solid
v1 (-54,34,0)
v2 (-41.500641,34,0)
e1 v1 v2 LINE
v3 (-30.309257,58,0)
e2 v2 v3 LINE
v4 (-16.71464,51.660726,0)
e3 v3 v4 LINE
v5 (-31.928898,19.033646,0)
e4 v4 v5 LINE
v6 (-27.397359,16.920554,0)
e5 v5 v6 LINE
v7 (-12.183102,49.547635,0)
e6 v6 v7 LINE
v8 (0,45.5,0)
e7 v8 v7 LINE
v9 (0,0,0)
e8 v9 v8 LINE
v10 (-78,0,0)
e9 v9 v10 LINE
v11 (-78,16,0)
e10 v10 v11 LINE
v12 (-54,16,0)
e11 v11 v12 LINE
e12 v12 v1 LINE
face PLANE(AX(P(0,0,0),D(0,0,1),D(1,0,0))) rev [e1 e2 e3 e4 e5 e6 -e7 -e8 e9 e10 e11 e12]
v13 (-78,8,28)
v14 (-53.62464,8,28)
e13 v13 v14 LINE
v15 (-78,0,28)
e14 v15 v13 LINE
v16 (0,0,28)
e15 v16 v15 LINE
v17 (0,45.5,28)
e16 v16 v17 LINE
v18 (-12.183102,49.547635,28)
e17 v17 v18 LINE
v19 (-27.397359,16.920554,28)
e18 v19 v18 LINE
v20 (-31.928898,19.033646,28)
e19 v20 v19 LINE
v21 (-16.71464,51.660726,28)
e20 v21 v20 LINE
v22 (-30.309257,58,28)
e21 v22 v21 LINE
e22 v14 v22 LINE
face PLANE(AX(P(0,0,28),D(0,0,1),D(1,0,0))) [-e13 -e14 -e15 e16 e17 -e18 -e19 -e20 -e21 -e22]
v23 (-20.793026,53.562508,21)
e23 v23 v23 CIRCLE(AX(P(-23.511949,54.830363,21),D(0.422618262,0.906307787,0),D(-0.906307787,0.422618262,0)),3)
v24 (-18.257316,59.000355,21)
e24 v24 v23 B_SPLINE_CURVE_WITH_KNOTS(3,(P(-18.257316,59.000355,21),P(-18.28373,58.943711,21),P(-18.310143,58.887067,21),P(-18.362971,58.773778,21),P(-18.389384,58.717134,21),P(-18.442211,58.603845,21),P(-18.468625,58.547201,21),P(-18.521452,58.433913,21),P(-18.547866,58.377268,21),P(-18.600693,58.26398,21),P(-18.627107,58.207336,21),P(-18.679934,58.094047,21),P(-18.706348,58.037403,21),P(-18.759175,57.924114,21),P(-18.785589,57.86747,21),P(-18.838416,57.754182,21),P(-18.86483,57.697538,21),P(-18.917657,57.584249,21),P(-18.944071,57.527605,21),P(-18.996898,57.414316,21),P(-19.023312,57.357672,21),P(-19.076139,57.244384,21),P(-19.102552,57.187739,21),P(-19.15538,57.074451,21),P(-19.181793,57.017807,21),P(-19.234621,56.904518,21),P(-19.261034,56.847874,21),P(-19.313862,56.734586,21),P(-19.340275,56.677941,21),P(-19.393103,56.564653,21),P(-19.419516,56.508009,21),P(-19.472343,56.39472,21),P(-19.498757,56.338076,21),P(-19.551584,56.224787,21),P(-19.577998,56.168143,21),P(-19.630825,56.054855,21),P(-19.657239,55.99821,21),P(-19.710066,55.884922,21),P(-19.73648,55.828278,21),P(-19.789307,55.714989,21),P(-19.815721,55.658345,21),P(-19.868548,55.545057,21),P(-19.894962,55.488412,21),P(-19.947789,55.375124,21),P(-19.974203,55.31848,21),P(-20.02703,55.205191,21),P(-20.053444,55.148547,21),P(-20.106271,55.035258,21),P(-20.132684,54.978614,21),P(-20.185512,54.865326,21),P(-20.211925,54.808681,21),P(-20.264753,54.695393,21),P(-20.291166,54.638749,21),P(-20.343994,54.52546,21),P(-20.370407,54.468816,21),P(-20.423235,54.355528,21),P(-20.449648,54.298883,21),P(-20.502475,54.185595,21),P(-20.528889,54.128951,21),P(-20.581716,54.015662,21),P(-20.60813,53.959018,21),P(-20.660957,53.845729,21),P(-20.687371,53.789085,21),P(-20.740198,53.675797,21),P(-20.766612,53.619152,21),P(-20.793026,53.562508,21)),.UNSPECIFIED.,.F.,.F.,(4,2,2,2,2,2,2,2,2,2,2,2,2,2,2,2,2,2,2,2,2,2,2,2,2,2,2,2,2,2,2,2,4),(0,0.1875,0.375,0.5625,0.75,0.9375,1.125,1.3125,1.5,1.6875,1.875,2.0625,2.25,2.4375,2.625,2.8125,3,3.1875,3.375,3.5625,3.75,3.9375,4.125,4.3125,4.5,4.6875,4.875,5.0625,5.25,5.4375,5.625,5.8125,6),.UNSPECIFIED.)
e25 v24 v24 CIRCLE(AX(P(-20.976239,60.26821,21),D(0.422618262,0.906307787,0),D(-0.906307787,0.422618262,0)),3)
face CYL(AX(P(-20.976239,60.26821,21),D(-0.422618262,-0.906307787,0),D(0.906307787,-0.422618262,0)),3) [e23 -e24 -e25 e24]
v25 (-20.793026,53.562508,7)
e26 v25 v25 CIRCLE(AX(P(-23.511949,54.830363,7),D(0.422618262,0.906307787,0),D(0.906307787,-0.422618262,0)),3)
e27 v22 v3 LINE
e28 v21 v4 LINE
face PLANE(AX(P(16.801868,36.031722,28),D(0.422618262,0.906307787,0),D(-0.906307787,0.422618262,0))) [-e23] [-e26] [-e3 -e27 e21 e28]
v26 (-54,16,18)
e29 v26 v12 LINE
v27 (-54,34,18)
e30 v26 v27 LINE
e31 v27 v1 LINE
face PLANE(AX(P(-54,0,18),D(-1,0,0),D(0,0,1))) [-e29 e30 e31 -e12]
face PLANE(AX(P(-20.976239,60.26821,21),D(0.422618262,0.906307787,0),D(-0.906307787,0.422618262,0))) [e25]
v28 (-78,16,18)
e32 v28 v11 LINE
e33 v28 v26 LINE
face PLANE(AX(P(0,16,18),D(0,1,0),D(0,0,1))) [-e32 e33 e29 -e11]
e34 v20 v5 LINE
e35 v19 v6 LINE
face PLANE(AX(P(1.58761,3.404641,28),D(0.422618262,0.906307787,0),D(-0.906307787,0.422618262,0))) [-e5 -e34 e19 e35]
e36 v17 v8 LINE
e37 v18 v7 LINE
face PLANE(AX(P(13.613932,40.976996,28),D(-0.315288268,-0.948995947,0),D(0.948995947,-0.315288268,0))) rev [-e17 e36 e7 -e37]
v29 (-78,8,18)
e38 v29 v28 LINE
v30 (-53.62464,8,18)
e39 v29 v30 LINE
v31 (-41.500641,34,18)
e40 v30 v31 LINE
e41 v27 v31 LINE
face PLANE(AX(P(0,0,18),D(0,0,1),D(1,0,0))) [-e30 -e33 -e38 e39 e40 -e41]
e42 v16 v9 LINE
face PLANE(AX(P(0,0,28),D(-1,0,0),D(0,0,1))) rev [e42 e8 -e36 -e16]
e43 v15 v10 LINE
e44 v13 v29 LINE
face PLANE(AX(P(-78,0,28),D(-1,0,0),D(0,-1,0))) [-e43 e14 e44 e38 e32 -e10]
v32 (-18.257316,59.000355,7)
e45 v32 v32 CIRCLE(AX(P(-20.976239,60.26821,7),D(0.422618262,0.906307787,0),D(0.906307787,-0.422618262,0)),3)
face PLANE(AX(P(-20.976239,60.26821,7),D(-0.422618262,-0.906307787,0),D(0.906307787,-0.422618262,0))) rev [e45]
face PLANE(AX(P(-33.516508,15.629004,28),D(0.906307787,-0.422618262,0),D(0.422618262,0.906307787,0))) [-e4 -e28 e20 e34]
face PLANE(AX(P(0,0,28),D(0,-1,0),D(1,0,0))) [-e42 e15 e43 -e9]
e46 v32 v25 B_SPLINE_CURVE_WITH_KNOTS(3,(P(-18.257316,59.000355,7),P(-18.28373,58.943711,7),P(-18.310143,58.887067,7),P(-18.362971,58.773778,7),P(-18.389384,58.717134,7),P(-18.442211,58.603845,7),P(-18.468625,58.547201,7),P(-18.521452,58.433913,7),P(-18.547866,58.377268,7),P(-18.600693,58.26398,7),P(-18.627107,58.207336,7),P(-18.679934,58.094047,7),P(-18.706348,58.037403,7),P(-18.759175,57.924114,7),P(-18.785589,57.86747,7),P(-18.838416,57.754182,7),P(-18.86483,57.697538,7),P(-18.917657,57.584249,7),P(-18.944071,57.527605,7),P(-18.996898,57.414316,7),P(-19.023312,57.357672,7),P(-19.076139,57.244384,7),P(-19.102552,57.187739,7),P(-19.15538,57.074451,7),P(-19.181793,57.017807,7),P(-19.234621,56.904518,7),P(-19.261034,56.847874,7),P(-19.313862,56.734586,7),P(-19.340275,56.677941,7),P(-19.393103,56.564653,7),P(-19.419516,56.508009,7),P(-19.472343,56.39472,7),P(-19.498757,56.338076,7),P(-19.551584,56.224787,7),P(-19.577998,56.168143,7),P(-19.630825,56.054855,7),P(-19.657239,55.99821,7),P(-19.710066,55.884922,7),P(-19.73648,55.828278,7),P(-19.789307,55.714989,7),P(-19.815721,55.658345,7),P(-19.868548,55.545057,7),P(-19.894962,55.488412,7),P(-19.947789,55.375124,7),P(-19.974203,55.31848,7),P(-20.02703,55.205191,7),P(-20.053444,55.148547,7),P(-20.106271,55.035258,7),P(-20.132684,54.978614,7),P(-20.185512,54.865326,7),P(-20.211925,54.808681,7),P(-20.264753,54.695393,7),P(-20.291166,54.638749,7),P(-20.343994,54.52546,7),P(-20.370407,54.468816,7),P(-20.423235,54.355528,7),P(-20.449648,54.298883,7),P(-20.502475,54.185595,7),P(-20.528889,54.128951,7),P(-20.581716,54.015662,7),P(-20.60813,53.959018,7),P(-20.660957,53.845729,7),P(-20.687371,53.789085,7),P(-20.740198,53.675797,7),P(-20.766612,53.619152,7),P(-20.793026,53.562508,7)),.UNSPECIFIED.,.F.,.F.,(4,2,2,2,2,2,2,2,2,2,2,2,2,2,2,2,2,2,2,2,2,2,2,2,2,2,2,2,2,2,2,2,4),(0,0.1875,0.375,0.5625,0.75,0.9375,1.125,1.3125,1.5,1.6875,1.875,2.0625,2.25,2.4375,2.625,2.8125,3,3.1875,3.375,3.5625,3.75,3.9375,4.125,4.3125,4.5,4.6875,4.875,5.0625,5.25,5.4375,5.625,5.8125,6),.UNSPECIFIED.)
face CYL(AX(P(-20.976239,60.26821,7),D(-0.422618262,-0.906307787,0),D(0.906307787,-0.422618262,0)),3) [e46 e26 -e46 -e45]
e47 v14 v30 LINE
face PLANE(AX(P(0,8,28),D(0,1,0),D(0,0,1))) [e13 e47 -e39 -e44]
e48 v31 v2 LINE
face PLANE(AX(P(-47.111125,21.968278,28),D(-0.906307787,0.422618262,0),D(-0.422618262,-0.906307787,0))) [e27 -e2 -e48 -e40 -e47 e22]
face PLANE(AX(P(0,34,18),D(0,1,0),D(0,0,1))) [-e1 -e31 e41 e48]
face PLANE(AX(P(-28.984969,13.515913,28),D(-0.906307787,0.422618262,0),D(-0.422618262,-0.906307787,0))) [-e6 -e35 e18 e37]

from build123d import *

# Parameters (mm, degrees)
BOSS_EXTRUDE1_DEPTH = 28
BOSS_EXTRUDE2_DEPTH = 18
SKETCH4_R           = 3
BOSS_EXTRUDE3_DEPTH = 6


with BuildPart() as part:
    # Sketch1 → Boss-Extrude1 (new body)
    with BuildSketch(Plane.XY):
        Polygon((-78, 0), (0, 0), (0, 45.5), (-12.183101538, 49.547634765), (-27.397358961, 16.920554432), (-31.928897896, 19.033645741), (-16.714640473, 51.660726074), (-30.309257279, 58), (-41.500641075, 34), (-53.624640187, 8), (-78, 8), align=None)
    extrude(amount=BOSS_EXTRUDE1_DEPTH)

    # Sketch1<4> → Boss-Extrude2 (add)
    with BuildSketch(Plane.XY):
        Polygon((-78, 16), (-78, 8), (-53.624640187, 8), (-41.500641075, 34), (-54, 34), (-54, 16), align=None)
    extrude(amount=BOSS_EXTRUDE2_DEPTH)

    # Sketch4 → Boss-Extrude3 (add)
    with BuildSketch(Plane(origin=(16.80186773, 36.031721624, 0), x_dir=(0.9063077870366462, -0.4226182617407076, 0), z_dir=(0.4226182617407076, 0.9063077870366462, 0))):
        with Locations((-44.481375072, -21)):
            Circle(SKETCH4_R)
        with Locations((-44.481375072, -7)):
            Circle(SKETCH4_R)
    extrude(amount=BOSS_EXTRUDE3_DEPTH)


solid = part.part
